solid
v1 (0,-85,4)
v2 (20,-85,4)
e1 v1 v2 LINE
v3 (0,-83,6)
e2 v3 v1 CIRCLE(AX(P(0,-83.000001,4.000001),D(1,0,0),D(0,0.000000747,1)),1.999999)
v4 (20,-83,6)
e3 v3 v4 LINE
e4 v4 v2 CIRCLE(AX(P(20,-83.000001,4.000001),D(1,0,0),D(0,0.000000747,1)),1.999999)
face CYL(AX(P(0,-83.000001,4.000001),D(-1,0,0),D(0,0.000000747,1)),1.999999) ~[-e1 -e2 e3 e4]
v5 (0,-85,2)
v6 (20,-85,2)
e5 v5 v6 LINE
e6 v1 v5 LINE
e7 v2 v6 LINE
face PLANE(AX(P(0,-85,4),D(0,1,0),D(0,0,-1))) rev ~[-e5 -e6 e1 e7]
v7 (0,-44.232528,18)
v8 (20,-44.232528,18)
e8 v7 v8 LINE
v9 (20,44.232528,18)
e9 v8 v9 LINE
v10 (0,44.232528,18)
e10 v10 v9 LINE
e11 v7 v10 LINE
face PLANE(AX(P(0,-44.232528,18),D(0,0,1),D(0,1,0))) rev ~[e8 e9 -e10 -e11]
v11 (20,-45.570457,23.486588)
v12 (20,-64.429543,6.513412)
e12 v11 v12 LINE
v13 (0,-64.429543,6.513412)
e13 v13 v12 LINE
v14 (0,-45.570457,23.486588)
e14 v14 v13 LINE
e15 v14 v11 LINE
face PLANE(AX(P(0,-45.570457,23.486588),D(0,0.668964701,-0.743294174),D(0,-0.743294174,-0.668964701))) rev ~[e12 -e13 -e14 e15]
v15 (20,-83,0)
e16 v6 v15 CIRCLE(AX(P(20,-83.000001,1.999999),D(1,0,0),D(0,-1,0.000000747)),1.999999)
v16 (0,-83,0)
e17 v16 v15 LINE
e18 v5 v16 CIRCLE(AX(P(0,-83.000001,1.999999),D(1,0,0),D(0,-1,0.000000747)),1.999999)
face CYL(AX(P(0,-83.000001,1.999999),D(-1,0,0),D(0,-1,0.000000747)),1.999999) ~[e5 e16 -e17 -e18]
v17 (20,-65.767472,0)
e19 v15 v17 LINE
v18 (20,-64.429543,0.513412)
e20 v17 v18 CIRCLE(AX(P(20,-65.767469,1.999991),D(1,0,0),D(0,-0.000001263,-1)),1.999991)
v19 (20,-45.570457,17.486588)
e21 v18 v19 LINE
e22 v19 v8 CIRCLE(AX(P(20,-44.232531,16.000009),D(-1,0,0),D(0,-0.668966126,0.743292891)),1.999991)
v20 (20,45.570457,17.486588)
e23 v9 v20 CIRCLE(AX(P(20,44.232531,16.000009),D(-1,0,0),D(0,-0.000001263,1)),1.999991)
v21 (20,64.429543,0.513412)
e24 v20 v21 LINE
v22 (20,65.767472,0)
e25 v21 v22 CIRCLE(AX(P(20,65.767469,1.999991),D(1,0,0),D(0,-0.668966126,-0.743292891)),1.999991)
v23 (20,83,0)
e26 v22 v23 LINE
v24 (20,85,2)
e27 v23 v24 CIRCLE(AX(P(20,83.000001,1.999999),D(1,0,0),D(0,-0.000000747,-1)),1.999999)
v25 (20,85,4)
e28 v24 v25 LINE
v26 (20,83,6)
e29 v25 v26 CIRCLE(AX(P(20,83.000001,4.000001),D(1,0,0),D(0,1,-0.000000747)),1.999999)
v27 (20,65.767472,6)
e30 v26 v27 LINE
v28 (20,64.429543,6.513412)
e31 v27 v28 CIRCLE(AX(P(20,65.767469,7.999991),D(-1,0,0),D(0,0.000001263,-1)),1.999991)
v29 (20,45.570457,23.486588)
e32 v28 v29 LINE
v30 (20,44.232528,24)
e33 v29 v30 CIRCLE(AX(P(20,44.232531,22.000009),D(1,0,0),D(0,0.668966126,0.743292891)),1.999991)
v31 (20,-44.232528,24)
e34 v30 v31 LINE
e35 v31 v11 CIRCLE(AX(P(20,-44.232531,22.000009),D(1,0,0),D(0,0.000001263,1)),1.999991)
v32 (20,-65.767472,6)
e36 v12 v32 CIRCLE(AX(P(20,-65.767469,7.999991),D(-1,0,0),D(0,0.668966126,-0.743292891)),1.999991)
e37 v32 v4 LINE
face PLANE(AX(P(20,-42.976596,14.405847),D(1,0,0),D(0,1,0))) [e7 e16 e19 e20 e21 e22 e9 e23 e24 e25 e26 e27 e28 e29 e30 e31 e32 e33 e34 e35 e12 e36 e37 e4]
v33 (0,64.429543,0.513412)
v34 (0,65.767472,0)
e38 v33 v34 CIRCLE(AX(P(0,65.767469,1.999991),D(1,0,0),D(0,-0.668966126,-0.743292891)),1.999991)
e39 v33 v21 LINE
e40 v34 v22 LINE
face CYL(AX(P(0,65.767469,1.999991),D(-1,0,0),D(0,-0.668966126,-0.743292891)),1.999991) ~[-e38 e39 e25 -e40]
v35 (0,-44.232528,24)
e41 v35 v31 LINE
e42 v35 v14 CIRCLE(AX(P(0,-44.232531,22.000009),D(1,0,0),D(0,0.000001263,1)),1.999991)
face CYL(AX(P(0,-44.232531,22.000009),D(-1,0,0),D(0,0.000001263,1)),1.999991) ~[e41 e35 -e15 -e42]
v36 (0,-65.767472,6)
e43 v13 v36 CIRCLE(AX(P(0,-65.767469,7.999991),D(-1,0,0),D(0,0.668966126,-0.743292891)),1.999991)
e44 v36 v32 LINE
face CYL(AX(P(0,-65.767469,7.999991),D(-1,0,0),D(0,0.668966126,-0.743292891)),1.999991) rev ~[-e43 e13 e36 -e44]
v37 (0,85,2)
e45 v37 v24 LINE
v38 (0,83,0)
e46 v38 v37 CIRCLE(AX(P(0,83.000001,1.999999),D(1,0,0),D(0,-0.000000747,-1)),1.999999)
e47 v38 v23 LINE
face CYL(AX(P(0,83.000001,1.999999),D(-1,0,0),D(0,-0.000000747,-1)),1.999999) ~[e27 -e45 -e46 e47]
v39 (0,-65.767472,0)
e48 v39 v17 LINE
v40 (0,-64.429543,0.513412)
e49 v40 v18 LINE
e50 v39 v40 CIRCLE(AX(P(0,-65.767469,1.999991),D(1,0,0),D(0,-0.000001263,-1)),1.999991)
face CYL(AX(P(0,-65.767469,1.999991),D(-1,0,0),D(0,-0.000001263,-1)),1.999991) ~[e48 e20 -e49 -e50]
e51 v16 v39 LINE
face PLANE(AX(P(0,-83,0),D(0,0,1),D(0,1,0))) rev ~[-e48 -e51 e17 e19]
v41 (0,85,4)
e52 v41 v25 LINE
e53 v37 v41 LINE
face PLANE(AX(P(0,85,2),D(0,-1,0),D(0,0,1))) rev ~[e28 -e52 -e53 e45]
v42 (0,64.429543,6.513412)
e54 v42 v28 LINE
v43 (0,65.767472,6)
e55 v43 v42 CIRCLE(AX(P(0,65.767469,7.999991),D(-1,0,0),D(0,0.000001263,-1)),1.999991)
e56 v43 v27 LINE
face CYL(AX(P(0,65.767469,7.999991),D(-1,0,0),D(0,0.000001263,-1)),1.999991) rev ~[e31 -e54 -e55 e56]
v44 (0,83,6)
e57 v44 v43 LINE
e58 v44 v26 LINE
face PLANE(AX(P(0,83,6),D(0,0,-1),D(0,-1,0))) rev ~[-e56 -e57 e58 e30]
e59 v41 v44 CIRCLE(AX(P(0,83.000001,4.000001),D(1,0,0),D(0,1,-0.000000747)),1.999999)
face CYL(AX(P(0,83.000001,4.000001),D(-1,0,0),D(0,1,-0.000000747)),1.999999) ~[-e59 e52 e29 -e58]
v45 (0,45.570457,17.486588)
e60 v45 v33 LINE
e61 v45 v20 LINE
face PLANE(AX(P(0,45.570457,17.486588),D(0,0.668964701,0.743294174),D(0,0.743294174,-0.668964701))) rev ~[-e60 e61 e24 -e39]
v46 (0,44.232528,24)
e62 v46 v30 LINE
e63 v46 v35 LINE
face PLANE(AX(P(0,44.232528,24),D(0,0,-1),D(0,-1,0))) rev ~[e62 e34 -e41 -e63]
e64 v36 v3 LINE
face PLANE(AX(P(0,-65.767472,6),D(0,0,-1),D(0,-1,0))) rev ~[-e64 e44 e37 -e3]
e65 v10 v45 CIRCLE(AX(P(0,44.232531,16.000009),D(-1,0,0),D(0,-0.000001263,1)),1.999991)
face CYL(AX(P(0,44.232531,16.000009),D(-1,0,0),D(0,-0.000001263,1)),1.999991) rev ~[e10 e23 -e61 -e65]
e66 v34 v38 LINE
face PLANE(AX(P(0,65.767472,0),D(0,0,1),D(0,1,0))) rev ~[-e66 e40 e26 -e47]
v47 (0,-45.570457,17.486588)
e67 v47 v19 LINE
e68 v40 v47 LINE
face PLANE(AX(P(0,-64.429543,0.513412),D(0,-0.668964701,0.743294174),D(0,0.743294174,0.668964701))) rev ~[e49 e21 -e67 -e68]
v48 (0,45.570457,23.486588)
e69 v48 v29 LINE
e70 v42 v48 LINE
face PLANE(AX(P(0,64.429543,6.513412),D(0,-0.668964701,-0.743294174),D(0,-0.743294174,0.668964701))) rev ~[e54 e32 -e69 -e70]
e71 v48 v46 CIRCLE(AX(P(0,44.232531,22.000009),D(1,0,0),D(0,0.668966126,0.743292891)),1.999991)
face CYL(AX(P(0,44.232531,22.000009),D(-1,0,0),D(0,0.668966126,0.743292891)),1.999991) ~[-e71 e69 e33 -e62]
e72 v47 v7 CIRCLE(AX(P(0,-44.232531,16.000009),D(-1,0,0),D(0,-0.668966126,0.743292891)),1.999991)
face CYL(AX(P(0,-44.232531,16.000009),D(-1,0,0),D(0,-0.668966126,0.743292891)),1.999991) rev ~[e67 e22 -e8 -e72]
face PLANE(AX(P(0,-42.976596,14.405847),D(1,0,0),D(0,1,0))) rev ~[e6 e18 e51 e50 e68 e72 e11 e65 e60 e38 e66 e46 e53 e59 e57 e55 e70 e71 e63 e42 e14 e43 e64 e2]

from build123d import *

# Parameters (mm, degrees)
F1_DEPTH = 20


with BuildPart() as f1:
    # F0 (on Right) → F1 (new body)
    with BuildSketch(Plane.YZ):
        with BuildLine():
            Line((-65.767472, 6), (-83, 6))
            ThreePointArc((-83, 6), (-84.414214, 5.414214), (-85, 4))
            Line((-85, 4), (-85, 2))
            ThreePointArc((-85, 2), (-84.414214, 0.585786), (-83, 0))
            Line((-83, 0), (-65.767472, 0))
            ThreePointArc((-65.767472, 0), (-65.050944, 0.132759), (-64.429543, 0.513412))
            Line((-64.429543, 0.513412), (-45.570457, 17.486588))
            ThreePointArc((-45.570457, 17.486588), (-44.949056, 17.867241), (-44.232528, 18))
            Line((-44.232528, 18), (0, 18))
            Line((0, 18), (0, 24))
            Line((0, 24), (-44.232528, 24))
            ThreePointArc((-44.232528, 24), (-44.949056, 23.867241), (-45.570457, 23.486588))
            Line((-45.570457, 23.486588), (-64.429543, 6.513412))
            ThreePointArc((-64.429543, 6.513412), (-65.050944, 6.132759), (-65.767472, 6))
        make_face()
        with BuildLine():
            Line((44.232528, 24), (0, 24))
            Line((0, 24), (0, 18))
            Line((0, 18), (44.232528, 18))
            ThreePointArc((44.232528, 18), (44.949056, 17.867241), (45.570457, 17.486588))
            Line((45.570457, 17.486588), (64.429543, 0.513412))
            ThreePointArc((64.429543, 0.513412), (65.050944, 0.132759), (65.767472, 0))
            Line((65.767472, 0), (83, 0))
            ThreePointArc((83, 0), (84.414214, 0.585786), (85, 2))
            Line((85, 2), (85, 4))
            ThreePointArc((85, 4), (84.414214, 5.414214), (83, 6))
            Line((83, 6), (65.767472, 6))
            ThreePointArc((65.767472, 6), (65.050944, 6.132759), (64.429543, 6.513412))
            Line((64.429543, 6.513412), (45.570457, 23.486588))
            ThreePointArc((45.570457, 23.486588), (44.949056, 23.867241), (44.232528, 24))
        make_face()
    extrude(amount=F1_DEPTH)


solid = f1.part
